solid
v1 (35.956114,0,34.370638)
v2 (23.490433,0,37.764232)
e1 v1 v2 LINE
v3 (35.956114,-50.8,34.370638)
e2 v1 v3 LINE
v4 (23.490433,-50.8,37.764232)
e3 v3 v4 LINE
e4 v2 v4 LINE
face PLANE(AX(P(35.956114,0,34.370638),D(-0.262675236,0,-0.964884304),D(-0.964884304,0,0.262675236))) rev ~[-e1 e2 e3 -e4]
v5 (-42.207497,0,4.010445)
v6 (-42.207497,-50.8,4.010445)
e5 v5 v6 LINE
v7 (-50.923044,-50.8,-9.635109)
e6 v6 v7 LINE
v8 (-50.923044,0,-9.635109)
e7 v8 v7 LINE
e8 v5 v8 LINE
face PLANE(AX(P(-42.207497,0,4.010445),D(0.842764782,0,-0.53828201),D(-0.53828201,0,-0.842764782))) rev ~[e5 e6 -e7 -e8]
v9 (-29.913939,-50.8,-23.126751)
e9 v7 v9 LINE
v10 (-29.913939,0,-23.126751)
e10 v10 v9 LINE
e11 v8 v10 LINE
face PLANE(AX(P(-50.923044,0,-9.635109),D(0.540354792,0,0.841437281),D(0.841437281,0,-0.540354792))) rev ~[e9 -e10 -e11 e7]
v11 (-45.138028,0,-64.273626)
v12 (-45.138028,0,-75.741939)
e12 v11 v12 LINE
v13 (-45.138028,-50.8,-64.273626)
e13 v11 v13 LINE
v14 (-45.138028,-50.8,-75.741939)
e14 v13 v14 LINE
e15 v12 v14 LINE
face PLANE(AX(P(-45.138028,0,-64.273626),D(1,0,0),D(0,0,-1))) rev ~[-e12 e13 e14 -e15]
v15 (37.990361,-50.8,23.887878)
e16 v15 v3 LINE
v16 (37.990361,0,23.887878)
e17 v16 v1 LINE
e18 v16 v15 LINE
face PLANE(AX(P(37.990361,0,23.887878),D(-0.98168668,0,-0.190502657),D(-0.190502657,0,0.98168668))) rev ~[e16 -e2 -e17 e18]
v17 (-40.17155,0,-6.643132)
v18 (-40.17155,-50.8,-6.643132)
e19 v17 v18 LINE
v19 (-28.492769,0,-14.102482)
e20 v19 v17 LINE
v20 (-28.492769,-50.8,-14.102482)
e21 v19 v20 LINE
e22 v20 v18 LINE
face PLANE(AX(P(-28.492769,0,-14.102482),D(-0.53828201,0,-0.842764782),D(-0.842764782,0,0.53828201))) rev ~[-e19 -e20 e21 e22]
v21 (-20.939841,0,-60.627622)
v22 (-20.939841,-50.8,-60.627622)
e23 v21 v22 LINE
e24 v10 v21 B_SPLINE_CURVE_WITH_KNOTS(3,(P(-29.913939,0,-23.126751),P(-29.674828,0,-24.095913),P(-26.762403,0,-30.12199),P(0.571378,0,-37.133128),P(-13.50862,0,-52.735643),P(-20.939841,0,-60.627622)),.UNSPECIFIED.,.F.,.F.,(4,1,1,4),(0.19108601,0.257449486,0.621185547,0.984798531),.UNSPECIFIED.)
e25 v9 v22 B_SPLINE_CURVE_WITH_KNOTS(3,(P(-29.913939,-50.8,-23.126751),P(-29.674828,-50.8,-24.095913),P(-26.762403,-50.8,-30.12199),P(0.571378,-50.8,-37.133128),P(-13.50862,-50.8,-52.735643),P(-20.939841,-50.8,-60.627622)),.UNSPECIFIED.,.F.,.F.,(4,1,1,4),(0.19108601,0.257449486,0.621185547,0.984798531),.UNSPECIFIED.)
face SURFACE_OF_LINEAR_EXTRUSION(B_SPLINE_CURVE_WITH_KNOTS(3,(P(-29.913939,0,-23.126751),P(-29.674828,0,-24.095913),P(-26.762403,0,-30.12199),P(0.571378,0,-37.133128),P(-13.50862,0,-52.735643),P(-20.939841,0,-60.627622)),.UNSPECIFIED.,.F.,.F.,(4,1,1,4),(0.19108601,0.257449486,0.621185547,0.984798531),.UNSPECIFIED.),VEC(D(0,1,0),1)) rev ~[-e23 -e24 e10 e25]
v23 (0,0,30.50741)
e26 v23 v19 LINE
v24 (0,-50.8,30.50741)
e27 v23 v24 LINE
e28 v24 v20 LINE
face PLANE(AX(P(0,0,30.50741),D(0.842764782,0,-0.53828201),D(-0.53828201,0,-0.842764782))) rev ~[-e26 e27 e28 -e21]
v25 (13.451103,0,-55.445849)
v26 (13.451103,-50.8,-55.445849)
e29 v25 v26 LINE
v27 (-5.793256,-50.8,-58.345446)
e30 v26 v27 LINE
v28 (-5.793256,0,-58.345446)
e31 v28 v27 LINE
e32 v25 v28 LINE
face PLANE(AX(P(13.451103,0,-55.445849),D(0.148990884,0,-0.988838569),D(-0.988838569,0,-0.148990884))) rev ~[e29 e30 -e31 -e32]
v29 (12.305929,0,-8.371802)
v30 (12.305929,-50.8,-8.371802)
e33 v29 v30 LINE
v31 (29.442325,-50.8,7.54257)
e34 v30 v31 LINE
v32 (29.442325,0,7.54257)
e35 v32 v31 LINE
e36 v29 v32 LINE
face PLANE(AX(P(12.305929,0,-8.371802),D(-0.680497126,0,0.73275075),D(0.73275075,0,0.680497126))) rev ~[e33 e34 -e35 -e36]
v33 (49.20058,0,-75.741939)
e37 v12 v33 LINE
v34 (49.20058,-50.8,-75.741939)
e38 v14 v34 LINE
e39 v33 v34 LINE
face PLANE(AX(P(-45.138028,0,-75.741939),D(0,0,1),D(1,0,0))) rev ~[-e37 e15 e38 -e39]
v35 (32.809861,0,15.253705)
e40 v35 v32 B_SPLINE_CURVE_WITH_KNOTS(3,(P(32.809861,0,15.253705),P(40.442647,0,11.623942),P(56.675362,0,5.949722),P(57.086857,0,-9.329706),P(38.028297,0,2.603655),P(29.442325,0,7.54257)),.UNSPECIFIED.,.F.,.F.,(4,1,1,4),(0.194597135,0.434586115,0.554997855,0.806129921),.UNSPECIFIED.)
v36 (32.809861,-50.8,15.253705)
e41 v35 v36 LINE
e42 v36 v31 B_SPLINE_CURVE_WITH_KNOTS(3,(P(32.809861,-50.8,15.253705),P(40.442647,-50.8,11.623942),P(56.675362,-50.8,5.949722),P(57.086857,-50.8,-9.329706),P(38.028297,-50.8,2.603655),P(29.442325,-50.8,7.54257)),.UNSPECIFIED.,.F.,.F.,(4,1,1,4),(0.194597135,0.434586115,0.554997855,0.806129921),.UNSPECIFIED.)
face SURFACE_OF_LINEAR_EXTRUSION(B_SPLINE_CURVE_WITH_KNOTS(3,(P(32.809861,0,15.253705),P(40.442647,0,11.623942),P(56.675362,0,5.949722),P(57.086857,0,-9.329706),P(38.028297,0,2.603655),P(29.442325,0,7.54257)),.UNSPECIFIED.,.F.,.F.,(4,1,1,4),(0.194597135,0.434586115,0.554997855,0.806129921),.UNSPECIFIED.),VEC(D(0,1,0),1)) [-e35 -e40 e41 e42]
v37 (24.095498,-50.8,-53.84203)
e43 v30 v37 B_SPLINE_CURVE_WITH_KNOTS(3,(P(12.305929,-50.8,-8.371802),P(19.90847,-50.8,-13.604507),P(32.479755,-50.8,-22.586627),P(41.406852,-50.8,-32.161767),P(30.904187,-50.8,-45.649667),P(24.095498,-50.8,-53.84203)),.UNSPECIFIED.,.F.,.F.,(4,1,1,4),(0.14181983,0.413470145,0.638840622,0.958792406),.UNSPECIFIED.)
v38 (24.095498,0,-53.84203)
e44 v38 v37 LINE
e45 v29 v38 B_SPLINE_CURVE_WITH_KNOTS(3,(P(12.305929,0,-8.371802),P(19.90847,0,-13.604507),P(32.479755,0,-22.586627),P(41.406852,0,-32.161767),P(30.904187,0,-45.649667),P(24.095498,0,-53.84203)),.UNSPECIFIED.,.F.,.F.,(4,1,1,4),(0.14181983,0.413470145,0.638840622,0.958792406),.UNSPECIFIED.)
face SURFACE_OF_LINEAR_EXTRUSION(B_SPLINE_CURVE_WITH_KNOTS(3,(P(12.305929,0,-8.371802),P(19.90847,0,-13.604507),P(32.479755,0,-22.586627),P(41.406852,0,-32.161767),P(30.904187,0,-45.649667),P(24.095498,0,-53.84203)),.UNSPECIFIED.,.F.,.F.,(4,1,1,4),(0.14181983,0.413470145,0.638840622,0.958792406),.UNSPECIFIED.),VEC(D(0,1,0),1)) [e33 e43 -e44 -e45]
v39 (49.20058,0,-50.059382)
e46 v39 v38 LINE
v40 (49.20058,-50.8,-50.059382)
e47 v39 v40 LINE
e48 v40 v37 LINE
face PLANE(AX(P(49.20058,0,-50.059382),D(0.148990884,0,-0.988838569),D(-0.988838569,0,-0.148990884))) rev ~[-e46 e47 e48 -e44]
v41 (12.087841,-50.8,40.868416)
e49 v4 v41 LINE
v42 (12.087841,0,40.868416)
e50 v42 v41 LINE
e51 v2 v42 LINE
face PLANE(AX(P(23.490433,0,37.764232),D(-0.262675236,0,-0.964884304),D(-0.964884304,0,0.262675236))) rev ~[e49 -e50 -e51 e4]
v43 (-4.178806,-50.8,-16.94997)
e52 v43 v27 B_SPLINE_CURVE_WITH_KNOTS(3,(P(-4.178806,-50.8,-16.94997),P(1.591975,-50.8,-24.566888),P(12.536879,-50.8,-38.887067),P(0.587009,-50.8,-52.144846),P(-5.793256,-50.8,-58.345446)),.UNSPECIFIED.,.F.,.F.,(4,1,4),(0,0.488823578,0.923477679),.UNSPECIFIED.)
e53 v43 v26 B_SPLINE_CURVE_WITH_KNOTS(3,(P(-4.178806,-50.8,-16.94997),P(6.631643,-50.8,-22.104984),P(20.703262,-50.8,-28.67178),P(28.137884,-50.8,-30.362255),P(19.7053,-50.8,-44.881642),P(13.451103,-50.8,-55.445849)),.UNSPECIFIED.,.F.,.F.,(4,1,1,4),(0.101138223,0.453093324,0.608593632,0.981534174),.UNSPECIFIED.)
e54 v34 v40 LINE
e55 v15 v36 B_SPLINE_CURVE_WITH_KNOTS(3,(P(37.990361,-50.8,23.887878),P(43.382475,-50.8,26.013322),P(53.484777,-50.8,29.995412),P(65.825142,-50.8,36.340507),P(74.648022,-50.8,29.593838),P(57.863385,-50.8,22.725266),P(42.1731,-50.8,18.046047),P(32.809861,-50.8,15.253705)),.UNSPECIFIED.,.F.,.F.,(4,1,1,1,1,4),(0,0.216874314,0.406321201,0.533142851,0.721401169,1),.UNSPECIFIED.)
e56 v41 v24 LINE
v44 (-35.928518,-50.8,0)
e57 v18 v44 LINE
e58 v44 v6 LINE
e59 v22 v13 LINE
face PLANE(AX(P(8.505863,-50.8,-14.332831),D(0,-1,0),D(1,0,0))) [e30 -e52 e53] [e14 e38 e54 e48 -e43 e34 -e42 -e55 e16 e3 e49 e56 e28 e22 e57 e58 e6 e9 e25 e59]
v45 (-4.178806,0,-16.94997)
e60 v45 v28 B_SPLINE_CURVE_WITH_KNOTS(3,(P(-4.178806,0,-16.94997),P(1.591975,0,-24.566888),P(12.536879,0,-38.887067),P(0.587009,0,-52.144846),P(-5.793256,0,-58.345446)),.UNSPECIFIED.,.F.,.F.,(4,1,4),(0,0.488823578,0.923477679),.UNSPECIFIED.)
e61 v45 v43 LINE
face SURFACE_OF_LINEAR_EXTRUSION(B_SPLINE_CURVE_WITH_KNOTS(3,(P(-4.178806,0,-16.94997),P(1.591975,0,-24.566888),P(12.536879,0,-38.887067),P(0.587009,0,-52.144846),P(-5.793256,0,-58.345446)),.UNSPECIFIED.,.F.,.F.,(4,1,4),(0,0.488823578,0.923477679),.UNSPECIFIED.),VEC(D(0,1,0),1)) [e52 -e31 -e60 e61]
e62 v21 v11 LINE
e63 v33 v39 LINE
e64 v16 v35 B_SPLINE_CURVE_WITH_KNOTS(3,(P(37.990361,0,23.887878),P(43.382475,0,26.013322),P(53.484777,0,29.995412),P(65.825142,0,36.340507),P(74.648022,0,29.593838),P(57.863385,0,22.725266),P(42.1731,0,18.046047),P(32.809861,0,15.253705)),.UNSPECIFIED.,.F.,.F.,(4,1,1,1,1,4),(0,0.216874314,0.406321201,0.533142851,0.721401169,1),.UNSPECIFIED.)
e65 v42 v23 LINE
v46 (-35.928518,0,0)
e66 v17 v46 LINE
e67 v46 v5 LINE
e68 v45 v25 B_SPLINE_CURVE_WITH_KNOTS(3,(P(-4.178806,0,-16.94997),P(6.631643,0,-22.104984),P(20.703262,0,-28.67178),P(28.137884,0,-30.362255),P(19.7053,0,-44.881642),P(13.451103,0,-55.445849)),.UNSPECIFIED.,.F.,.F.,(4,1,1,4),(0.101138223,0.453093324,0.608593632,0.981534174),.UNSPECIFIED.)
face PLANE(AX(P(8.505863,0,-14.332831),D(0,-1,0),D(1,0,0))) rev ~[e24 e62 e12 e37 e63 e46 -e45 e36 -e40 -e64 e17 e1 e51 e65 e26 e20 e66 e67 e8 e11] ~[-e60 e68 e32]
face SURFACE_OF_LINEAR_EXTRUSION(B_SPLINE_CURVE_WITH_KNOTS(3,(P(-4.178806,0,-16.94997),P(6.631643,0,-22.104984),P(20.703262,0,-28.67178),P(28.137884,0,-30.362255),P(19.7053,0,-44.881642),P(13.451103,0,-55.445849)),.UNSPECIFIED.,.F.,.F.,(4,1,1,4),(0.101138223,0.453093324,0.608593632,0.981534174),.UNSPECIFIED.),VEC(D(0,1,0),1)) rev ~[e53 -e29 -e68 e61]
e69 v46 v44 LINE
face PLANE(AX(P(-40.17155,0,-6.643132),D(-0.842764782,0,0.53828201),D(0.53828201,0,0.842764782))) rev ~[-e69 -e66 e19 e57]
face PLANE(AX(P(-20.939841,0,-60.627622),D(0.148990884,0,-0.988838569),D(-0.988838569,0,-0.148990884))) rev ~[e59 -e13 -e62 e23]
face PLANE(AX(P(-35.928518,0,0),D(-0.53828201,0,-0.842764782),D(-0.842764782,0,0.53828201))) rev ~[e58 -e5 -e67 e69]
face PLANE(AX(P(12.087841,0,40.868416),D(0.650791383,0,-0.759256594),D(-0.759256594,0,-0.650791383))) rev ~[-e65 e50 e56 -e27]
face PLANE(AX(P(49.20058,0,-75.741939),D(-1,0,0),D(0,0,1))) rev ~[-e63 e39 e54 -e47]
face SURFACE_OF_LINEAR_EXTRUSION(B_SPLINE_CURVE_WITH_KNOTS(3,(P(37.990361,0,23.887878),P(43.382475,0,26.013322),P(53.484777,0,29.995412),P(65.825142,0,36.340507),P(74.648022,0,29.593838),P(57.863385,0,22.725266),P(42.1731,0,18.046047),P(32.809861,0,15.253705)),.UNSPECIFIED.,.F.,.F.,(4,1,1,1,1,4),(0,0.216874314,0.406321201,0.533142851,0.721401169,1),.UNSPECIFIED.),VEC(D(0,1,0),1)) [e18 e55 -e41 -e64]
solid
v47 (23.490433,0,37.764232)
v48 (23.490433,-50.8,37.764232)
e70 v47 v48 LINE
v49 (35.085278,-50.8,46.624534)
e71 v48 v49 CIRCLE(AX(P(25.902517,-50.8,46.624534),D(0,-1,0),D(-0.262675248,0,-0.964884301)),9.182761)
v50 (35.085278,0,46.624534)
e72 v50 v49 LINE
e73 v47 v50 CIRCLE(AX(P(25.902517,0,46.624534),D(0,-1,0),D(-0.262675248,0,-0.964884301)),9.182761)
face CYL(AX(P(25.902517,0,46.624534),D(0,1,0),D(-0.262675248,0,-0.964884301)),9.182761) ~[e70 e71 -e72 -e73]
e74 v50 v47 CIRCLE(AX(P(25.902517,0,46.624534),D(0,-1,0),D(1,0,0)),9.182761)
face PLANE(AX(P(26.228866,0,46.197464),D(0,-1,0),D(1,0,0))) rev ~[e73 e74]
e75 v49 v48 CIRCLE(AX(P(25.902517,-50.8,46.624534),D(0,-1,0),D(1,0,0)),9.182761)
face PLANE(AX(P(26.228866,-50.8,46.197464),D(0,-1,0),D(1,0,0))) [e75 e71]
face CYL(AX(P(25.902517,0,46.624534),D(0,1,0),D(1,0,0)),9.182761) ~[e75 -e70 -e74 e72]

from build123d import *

# Parameters (mm, degrees)
F1_DEPTH = 50.8


with BuildPart() as f1:
    # F0 (on Front) → F1 (new body)
    with BuildSketch(Plane.XZ):
        with BuildLine():
            ThreePointArc((23.4904331816, 37.7642321419), (31.4780666714, 39.3282099299), (35.0852778938, 46.6245338321))
            ThreePointArc((35.0852778938, 46.6245338321), (20.3269676085, 53.9208577342), (23.4904331816, 37.7642321419))
        make_face()
    extrude(amount=F1_DEPTH)


with BuildPart() as f1b:
    # F0 (on Front) → F1, piece 2 (new body)
    with BuildSketch(Plane.XZ):
        with BuildLine():
            Line((35.9561140415, 34.3706380688), (23.4904331816, 37.7642321419))
            Line((23.4904331816, 37.7642321419), (12.0878405869, 40.8684164286))
            Line((12.0878405869, 40.8684164286), (0, 30.5074099451))
            Line((0, 30.5074099451), (-28.4927692264, -14.1024822369))
            add(Edge.make_bspline(
                [(-28.4927692264, -14.1024822369), (-29.5476002157, -17.2193216392), (-30.602431205, -20.3361610415), (-29.9139391738, -23.1267512515)],
                knots=[0, 0, 0, 0, 0.1910860105, 0.1910860105, 0.1910860105, 0.1910860105], degree=3))
            add(Edge.make_bspline(
                [(-29.9139391738, -23.1267512515), (-29.6748284007, -24.0959130607), (-26.7624029914, -30.1219903135), (0.5713777919, -37.1331278434), (-13.5086199187, -52.7356432699), (-20.9398407804, -60.6276217635)],
                knots=[0.1910860105, 0.1910860105, 0.1910860105, 0.1910860105, 0.2574494855, 0.621185547, 0.9847985313, 0.9847985313, 0.9847985313, 0.9847985313], degree=3))
            Line((-20.9398407804, -60.6276217635), (-5.7932562388, -58.3454464034))
            add(Edge.make_bspline(
                [(-4.178805737, -16.9499703617), (1.5919751633, -24.5668884995), (12.5368791959, -38.8870667917), (0.5870092773, -52.1448461059), (-5.7932562388, -58.3454464034)],
                knots=[0, 0, 0, 0, 0.4888235781, 0.9234776791, 0.9234776791, 0.9234776791, 0.9234776791], degree=3))
            add(Edge.make_bspline(
                [(-4.178805737, -16.9499703617), (6.6316430199, -22.104983779), (20.7032622776, -28.6717801623), (28.1378843497, -30.3622553848), (19.7053001009, -44.8816417053), (13.4511029551, -55.4458486589)],
                knots=[0.1011382232, 0.1011382232, 0.1011382232, 0.1011382232, 0.4530933244, 0.608593632, 0.9815341736, 0.9815341736, 0.9815341736, 0.9815341736], degree=3))
            Line((13.4511029551, -55.4458486589), (24.0954982368, -53.8420298859))
            add(Edge.make_bspline(
                [(12.3059292945, -8.3718015314), (19.9084696657, -13.604507383), (32.4797550905, -22.5866268837), (41.4068524809, -32.1617669479), (30.9041873033, -45.6496674139), (24.0954982368, -53.8420298859)],
                knots=[0.1418198303, 0.1418198303, 0.1418198303, 0.1418198303, 0.4134701455, 0.6388406224, 0.958792406, 0.958792406, 0.958792406, 0.958792406], degree=3))
            Line((12.3059292945, -8.3718015314), (29.4423247475, 7.542570238))
            add(Edge.make_bspline(
                [(29.4423247475, 7.542570238), (22.814086625, 11.3553363714), (18.7460910462, 13.304520672), (14.6780954674, 15.2537049726)],
                knots=[0.806129921, 0.806129921, 0.806129921, 0.806129921, 1, 1, 1, 1], degree=3))
            Line((14.6780954674, 15.2537049726), (18.4195693582, 23.8878782839))
            add(Edge.make_bspline(
                [(18.4195693582, 23.8878782839), (22.5201600862, 21.0424039005), (26.6207508141, 18.1969295171), (32.8098610044, 15.2537049726)],
                knots=[0, 0, 0, 0, 0.1945971347, 0.1945971347, 0.1945971347, 0.1945971347], degree=3))
            Line((32.8098610044, 15.2537049726), (37.9903614521, 23.8878782839))
            Line((37.9903614521, 23.8878782839), (35.9561140415, 34.3706380688))
        make_face()
        with BuildLine():
            add(Edge.make_bspline(
                [(37.9903614521, 23.8878782839), (43.3824745338, 26.0133221655), (53.4847767732, 29.9954115912), (65.8251420478, 36.3405067866), (74.6480218008, 29.5938375248), (57.8633846978, 22.7252660999), (42.1730998761, 18.0460471771), (32.8098610044, 15.2537049726)],
                knots=[0, 0, 0, 0, 0.2168743136, 0.4063212012, 0.5331428508, 0.7214011691, 1, 1, 1, 1], degree=3))
            Line((37.9903614521, 23.8878782839), (32.8098610044, 15.2537049726))
        make_face()
        with BuildLine():
            add(Edge.make_bspline(
                [(-28.4927692264, -14.1024822369), (-29.5476002157, -17.2193216392), (-30.602431205, -20.3361610415), (-29.9139391738, -23.1267512515)],
                knots=[0, 0, 0, 0, 0.1910860105, 0.1910860105, 0.1910860105, 0.1910860105], degree=3))
            Line((-28.4927692264, -14.1024822369), (-40.1715503245, -6.6431318911))
            Line((-40.1715503245, -6.6431318911), (-35.9285177894, 0))
            Line((-35.9285177894, 0), (-42.2074973115, 4.010444898))
            Line((-42.2074973115, 4.010444898), (-50.9230444824, -9.6351090498))
            Line((-50.9230444824, -9.6351090498), (-29.9139391738, -23.1267512515))
        make_face()
        with BuildLine():
            add(Edge.make_bspline(
                [(32.8098610044, 15.2537049726), (40.442646771, 11.6239420953), (56.6753619272, 5.9497215234), (57.086857155, -9.3297061895), (38.0282970739, 2.6036552648), (29.4423247475, 7.542570238)],
                knots=[0.1945971347, 0.1945971347, 0.1945971347, 0.1945971347, 0.4345861145, 0.554997855, 0.806129921, 0.806129921, 0.806129921, 0.806129921], degree=3))
            add(Edge.make_bspline(
                [(18.4195693582, 23.8878782839), (22.5201600862, 21.0424039005), (26.6207508141, 18.1969295171), (32.8098610044, 15.2537049726)],
                knots=[0, 0, 0, 0, 0.1945971347, 0.1945971347, 0.1945971347, 0.1945971347], degree=3))
            Line((18.4195693582, 23.8878782839), (14.6780954674, 15.2537049726))
            add(Edge.make_bspline(
                [(29.4423247475, 7.542570238), (22.814086625, 11.3553363714), (18.7460910462, 13.304520672), (14.6780954674, 15.2537049726)],
                knots=[0.806129921, 0.806129921, 0.806129921, 0.806129921, 1, 1, 1, 1], degree=3))
        make_face()
        Polygon((-5.7932562388, -58.3454464034), (-20.9398407804, -60.6276217635), (-45.138027519, -64.2736256123), (-45.138027519, -75.7419392467), (49.200579524, -75.7419392467), (49.200579524, -50.0593818724), (24.0954982368, -53.8420298859), (13.4511029551, -55.4458486589), align=None)
    extrude(amount=F1_DEPTH)


solid = Compound([f1.part, f1b.part])
